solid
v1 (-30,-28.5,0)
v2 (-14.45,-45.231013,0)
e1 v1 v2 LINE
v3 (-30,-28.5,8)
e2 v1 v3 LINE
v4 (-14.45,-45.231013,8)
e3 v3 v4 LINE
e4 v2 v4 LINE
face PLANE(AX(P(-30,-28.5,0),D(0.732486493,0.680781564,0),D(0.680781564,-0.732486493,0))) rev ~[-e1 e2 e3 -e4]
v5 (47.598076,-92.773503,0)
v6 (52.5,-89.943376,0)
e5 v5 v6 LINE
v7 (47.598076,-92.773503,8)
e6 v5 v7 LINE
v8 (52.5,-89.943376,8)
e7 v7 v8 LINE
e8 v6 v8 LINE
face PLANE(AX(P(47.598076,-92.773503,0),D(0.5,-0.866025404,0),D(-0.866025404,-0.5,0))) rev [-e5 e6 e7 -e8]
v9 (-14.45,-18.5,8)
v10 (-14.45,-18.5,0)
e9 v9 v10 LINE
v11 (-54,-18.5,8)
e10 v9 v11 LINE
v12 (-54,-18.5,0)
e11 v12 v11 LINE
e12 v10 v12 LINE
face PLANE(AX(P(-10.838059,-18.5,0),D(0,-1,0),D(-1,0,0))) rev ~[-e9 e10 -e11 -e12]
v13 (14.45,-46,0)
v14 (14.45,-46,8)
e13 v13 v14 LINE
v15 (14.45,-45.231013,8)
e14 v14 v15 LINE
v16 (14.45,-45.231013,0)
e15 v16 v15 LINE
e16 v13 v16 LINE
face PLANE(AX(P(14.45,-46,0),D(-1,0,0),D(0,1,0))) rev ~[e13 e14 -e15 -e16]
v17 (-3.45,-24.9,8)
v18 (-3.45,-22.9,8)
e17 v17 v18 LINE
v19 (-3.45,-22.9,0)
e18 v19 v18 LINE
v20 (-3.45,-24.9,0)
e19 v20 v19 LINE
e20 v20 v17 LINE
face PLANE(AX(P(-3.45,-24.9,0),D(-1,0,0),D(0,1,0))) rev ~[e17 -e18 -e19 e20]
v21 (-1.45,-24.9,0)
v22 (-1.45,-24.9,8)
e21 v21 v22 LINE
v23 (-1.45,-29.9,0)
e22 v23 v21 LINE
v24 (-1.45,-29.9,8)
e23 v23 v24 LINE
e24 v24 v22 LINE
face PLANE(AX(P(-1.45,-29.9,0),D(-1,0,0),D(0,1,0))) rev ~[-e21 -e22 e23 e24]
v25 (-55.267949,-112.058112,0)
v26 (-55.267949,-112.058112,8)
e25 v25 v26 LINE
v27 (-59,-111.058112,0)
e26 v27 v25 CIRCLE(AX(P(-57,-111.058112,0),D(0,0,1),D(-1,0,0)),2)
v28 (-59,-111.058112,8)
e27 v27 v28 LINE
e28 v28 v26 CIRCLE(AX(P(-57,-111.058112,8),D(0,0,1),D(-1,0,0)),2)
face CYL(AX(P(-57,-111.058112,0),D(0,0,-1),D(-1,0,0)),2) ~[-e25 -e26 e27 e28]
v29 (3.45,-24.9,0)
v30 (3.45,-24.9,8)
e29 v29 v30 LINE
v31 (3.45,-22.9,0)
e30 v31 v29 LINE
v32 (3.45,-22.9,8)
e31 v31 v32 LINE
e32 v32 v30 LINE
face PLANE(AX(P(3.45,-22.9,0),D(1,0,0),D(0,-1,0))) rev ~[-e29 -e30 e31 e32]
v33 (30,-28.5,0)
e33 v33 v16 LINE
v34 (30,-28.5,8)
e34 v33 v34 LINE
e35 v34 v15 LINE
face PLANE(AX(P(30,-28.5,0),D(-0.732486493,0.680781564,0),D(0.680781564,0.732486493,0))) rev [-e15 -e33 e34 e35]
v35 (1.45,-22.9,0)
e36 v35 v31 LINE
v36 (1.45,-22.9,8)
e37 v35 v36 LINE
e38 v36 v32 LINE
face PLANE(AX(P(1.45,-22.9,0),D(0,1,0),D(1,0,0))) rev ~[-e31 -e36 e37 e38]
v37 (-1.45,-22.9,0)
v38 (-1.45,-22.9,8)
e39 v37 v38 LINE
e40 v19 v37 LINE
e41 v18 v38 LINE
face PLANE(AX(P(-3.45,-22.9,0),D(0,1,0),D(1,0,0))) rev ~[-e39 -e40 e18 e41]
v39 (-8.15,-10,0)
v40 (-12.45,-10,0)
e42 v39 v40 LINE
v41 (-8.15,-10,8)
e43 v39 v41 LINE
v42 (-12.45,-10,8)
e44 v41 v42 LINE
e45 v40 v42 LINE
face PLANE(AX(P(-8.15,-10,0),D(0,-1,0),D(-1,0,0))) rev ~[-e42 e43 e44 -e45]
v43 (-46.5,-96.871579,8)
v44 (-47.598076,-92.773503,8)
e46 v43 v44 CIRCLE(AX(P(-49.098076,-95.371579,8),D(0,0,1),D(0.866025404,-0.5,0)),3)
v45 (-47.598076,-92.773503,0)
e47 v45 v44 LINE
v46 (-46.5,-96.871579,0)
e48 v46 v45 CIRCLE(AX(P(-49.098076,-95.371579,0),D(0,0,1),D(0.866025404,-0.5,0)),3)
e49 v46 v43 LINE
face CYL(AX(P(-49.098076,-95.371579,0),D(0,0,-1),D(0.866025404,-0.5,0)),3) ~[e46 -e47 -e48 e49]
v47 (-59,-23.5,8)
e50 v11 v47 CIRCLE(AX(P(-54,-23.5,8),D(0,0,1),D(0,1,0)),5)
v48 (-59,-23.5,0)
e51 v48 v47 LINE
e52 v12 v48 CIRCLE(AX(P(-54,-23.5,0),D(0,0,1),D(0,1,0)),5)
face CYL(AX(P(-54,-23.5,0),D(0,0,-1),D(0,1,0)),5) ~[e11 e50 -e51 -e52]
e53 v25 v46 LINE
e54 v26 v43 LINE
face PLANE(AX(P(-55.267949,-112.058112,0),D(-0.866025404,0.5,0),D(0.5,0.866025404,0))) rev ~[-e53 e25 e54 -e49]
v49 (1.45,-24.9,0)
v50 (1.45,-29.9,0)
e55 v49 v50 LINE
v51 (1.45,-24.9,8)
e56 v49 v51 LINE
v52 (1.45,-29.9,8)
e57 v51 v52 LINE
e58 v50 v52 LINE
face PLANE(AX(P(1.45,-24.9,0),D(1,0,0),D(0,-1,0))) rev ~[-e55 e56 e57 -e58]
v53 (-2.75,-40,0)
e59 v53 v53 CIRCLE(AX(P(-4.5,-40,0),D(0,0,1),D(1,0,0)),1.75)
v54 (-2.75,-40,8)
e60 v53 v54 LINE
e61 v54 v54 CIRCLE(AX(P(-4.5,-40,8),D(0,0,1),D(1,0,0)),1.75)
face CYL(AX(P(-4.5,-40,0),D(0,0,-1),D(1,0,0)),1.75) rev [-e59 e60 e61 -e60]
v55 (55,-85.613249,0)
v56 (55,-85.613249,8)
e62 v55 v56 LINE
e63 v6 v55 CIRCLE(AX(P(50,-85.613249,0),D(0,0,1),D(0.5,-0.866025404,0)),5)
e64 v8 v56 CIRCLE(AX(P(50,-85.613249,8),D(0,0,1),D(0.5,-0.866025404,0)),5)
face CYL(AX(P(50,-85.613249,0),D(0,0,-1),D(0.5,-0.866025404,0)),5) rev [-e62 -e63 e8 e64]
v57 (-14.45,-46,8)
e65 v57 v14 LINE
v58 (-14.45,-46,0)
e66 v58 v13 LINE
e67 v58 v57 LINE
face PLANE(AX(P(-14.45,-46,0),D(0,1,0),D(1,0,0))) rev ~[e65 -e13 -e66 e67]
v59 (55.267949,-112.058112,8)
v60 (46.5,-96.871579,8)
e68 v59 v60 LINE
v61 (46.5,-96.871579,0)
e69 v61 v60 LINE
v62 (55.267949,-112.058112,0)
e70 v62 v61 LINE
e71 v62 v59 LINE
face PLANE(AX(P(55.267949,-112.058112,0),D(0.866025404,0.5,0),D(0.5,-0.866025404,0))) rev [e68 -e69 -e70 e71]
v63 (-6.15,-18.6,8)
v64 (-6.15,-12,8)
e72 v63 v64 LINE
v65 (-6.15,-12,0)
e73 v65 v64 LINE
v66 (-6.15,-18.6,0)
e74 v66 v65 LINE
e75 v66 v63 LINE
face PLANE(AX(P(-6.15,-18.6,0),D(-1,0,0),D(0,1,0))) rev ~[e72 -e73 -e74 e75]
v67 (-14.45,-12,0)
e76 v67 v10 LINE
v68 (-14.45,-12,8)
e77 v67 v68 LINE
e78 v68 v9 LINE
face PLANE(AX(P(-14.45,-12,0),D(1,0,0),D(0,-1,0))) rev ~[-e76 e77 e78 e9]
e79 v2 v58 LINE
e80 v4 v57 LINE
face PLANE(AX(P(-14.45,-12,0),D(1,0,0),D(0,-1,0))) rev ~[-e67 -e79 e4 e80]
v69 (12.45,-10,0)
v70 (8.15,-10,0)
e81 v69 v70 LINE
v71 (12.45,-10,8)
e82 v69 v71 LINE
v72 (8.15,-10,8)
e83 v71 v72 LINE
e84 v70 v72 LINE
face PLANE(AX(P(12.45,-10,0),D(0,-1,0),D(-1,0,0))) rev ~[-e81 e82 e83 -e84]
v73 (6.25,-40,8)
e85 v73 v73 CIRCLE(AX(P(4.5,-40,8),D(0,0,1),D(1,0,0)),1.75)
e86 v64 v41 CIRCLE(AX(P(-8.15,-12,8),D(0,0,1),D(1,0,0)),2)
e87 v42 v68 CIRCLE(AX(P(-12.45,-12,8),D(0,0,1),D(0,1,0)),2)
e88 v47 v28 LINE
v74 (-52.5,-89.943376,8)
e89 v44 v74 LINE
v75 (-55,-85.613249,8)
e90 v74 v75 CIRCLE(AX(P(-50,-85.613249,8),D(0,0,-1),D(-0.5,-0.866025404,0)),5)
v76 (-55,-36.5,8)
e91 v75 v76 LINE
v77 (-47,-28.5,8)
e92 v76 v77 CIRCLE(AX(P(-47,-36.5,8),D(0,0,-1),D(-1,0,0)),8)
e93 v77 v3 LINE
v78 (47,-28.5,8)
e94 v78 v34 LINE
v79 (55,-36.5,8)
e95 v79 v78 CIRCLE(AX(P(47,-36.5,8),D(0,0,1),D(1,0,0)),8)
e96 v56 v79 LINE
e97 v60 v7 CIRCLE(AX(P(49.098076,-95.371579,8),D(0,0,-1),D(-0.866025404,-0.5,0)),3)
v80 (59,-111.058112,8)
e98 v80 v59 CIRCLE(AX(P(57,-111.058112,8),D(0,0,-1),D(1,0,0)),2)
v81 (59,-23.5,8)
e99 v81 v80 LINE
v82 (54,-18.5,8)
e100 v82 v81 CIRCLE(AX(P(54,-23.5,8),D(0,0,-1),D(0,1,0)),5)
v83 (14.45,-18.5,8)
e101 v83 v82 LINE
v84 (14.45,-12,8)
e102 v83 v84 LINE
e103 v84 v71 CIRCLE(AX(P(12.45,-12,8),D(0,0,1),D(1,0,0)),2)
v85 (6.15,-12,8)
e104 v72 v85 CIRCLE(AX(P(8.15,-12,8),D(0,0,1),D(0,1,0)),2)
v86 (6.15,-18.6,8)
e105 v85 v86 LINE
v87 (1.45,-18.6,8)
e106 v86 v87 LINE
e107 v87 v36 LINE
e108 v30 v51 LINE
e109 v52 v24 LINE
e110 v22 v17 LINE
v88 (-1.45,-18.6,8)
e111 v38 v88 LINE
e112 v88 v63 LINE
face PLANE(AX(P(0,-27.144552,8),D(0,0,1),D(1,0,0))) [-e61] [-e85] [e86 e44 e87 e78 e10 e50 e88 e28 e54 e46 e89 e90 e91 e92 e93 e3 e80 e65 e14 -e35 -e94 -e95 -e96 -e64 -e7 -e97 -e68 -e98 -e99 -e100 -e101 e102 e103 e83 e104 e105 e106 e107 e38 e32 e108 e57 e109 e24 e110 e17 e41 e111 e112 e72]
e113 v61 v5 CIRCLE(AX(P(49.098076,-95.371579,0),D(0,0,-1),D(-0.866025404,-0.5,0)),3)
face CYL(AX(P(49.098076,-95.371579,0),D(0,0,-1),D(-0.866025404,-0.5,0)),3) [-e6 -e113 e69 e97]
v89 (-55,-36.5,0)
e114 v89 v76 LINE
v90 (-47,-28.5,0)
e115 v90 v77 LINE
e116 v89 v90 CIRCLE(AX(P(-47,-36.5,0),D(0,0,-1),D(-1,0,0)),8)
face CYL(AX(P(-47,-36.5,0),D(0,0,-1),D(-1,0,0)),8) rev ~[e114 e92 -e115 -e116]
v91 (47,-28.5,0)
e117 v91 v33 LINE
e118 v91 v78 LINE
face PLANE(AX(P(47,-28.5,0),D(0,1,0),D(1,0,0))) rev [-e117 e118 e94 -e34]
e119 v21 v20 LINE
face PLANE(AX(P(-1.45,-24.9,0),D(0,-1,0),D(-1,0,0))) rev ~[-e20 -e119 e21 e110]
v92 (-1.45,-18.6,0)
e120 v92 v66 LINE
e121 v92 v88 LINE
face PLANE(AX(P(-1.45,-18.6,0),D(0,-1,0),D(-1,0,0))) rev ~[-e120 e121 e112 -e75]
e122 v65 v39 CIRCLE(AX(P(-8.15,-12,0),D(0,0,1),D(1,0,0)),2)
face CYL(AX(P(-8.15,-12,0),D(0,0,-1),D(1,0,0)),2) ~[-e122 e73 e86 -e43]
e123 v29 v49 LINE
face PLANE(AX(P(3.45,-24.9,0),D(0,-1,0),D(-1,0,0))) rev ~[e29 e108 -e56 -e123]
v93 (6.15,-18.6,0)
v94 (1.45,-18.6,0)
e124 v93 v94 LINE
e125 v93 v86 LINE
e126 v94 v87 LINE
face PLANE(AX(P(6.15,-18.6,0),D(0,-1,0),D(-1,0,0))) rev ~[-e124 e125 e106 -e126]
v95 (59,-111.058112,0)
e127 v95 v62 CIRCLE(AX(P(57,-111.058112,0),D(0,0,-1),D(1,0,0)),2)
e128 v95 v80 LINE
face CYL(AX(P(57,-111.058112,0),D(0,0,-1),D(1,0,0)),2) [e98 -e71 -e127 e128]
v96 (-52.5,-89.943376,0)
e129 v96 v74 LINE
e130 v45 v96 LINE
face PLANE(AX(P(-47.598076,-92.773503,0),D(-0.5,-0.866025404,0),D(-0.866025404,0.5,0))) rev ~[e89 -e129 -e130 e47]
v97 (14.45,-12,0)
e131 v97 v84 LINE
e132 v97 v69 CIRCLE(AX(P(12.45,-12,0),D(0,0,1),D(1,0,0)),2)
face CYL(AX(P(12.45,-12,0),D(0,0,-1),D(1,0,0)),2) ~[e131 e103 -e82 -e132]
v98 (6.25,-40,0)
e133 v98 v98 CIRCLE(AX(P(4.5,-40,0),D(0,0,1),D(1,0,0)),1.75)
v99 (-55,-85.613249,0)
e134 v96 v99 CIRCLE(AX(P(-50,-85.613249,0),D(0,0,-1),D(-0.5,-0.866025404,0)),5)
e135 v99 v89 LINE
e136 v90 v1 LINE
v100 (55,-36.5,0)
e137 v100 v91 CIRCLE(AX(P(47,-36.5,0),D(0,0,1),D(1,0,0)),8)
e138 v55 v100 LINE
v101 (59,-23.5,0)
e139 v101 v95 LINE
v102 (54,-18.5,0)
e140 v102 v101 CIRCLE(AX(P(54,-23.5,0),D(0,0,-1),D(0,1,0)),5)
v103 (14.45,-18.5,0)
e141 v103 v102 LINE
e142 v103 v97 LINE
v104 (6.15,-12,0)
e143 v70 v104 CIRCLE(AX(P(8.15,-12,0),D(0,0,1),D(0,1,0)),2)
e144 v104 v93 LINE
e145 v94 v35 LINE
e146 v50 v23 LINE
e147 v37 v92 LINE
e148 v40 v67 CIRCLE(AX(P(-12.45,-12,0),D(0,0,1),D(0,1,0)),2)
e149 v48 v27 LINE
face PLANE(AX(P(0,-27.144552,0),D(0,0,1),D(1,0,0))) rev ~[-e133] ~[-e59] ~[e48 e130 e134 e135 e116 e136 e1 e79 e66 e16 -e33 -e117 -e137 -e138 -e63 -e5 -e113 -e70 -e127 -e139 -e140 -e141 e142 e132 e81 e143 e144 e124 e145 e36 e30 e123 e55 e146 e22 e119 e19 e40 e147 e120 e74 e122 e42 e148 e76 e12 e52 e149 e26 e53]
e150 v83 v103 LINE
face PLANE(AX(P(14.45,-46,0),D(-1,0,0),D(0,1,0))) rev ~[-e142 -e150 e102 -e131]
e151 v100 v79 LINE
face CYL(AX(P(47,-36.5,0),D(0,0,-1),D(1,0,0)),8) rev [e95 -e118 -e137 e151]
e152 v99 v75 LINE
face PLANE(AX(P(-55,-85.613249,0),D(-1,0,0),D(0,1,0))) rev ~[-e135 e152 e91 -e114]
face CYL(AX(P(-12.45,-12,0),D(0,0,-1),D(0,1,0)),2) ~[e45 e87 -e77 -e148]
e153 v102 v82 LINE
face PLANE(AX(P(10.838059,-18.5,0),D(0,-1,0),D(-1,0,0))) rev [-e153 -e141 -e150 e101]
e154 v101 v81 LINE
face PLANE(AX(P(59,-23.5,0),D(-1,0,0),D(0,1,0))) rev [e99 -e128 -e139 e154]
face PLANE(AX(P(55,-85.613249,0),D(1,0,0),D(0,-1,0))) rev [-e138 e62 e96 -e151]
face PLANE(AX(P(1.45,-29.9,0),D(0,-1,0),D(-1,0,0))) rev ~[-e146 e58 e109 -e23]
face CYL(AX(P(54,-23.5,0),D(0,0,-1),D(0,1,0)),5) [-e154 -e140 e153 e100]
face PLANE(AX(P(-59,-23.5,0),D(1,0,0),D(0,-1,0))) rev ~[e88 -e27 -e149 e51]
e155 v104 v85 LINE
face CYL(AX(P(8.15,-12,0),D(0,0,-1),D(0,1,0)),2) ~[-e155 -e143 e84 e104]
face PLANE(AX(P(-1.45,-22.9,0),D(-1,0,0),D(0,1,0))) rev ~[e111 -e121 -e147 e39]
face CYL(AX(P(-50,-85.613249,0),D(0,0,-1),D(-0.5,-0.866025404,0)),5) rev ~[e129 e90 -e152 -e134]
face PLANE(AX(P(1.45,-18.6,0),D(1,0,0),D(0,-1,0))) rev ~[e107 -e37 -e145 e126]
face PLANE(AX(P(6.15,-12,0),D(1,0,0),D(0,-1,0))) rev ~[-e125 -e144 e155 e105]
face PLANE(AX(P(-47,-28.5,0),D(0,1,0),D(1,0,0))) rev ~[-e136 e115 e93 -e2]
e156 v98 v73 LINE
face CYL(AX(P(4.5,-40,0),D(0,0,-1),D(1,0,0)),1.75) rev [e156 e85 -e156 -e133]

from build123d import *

# Parameters (mm, degrees)
F0_R     = 1.75
F1_DEPTH = 8
F3_DEPTH = 8


with BuildPart() as f1:
    # F0 (on Top) → F1 (new body)
    with BuildSketch(Plane.XY):
        with BuildLine():
            Line((-8.15, -10), (-12.45, -10))
            ThreePointArc((-12.45, -10), (-13.8642135624, -10.5857864376), (-14.45, -12))
            Line((-14.45, -12), (-14.45, -46))
            Line((-14.45, -46), (14.45, -46))
            Line((14.45, -46), (14.45, -12))
            ThreePointArc((14.45, -12), (13.8642135624, -10.5857864376), (12.45, -10))
            Line((12.45, -10), (8.15, -10))
            ThreePointArc((8.15, -10), (6.7357864376, -10.5857864376), (6.15, -12))
            Line((6.15, -12), (6.15, -18.6))
            Line((6.15, -18.6), (1.45, -18.6))
            Line((1.45, -18.6), (1.45, -22.9))
            Line((1.45, -22.9), (3.45, -22.9))
            Line((3.45, -22.9), (3.45, -24.9))
            Line((3.45, -24.9), (1.45, -24.9))
            Line((1.45, -24.9), (1.45, -29.9))
            Line((1.45, -29.9), (-1.45, -29.9))
            Line((-1.45, -29.9), (-1.45, -24.9))
            Line((-1.45, -24.9), (-3.45, -24.9))
            Line((-3.45, -24.9), (-3.45, -22.9))
            Line((-3.45, -22.9), (-1.45, -22.9))
            Line((-1.45, -22.9), (-1.45, -18.6))
            Line((-1.45, -18.6), (-6.15, -18.6))
            Line((-6.15, -18.6), (-6.15, -12))
            ThreePointArc((-6.15, -12), (-6.7357864376, -10.5857864376), (-8.15, -10))
        make_face()
        with Locations((-4.5, -40)):
            Circle(F0_R, mode=Mode.SUBTRACT)
        with Locations((4.5, -40)):
            Circle(F0_R, mode=Mode.SUBTRACT)
    extrude(amount=F1_DEPTH)

    # F2 (on Top) → F3 (join)
    with BuildSketch(Plane.XY):
        with BuildLine():
            Line((-14.2, -45.5), (-10.8380588046, -18.5))
            Line((-10.8380588046, -18.5), (-54, -18.5))
            ThreePointArc((-54, -18.5), (-57.5355339059, -19.9644660941), (-59, -23.5))
            Line((-59, -23.5), (-59, -111.0581123827))
            ThreePointArc((-59, -111.0581123827), (-57.5176380902, -112.9899640353), (-55.2679491924, -112.0581123827))
            Line((-55.2679491924, -112.0581123827), (-46.5, -96.8715789032))
            ThreePointArc((-46.5, -96.8715789032), (-46.2002987325, -94.5951217679), (-47.5980762114, -92.7735026919))
            Line((-47.5980762114, -92.7735026919), (-52.5, -89.943375673))
            ThreePointArc((-52.5, -89.943375673), (-54.3301270189, -88.1132486541), (-55, -85.6132486541))
            Line((-55, -85.6132486541), (-55, -36.5))
            ThreePointArc((-55, -36.5), (-52.6568542495, -30.8431457505), (-47, -28.5))
            Line((-47, -28.5), (-30, -28.5))
            Line((-30, -28.5), (-14.2, -45.5))
        make_face()
    extrude(amount=F3_DEPTH)

    # F4: F1 across plane


with BuildPart() as f1_1:
    add(f1.part)
    add(f1.part.mirror(Plane.YZ))


solid = f1_1.part
